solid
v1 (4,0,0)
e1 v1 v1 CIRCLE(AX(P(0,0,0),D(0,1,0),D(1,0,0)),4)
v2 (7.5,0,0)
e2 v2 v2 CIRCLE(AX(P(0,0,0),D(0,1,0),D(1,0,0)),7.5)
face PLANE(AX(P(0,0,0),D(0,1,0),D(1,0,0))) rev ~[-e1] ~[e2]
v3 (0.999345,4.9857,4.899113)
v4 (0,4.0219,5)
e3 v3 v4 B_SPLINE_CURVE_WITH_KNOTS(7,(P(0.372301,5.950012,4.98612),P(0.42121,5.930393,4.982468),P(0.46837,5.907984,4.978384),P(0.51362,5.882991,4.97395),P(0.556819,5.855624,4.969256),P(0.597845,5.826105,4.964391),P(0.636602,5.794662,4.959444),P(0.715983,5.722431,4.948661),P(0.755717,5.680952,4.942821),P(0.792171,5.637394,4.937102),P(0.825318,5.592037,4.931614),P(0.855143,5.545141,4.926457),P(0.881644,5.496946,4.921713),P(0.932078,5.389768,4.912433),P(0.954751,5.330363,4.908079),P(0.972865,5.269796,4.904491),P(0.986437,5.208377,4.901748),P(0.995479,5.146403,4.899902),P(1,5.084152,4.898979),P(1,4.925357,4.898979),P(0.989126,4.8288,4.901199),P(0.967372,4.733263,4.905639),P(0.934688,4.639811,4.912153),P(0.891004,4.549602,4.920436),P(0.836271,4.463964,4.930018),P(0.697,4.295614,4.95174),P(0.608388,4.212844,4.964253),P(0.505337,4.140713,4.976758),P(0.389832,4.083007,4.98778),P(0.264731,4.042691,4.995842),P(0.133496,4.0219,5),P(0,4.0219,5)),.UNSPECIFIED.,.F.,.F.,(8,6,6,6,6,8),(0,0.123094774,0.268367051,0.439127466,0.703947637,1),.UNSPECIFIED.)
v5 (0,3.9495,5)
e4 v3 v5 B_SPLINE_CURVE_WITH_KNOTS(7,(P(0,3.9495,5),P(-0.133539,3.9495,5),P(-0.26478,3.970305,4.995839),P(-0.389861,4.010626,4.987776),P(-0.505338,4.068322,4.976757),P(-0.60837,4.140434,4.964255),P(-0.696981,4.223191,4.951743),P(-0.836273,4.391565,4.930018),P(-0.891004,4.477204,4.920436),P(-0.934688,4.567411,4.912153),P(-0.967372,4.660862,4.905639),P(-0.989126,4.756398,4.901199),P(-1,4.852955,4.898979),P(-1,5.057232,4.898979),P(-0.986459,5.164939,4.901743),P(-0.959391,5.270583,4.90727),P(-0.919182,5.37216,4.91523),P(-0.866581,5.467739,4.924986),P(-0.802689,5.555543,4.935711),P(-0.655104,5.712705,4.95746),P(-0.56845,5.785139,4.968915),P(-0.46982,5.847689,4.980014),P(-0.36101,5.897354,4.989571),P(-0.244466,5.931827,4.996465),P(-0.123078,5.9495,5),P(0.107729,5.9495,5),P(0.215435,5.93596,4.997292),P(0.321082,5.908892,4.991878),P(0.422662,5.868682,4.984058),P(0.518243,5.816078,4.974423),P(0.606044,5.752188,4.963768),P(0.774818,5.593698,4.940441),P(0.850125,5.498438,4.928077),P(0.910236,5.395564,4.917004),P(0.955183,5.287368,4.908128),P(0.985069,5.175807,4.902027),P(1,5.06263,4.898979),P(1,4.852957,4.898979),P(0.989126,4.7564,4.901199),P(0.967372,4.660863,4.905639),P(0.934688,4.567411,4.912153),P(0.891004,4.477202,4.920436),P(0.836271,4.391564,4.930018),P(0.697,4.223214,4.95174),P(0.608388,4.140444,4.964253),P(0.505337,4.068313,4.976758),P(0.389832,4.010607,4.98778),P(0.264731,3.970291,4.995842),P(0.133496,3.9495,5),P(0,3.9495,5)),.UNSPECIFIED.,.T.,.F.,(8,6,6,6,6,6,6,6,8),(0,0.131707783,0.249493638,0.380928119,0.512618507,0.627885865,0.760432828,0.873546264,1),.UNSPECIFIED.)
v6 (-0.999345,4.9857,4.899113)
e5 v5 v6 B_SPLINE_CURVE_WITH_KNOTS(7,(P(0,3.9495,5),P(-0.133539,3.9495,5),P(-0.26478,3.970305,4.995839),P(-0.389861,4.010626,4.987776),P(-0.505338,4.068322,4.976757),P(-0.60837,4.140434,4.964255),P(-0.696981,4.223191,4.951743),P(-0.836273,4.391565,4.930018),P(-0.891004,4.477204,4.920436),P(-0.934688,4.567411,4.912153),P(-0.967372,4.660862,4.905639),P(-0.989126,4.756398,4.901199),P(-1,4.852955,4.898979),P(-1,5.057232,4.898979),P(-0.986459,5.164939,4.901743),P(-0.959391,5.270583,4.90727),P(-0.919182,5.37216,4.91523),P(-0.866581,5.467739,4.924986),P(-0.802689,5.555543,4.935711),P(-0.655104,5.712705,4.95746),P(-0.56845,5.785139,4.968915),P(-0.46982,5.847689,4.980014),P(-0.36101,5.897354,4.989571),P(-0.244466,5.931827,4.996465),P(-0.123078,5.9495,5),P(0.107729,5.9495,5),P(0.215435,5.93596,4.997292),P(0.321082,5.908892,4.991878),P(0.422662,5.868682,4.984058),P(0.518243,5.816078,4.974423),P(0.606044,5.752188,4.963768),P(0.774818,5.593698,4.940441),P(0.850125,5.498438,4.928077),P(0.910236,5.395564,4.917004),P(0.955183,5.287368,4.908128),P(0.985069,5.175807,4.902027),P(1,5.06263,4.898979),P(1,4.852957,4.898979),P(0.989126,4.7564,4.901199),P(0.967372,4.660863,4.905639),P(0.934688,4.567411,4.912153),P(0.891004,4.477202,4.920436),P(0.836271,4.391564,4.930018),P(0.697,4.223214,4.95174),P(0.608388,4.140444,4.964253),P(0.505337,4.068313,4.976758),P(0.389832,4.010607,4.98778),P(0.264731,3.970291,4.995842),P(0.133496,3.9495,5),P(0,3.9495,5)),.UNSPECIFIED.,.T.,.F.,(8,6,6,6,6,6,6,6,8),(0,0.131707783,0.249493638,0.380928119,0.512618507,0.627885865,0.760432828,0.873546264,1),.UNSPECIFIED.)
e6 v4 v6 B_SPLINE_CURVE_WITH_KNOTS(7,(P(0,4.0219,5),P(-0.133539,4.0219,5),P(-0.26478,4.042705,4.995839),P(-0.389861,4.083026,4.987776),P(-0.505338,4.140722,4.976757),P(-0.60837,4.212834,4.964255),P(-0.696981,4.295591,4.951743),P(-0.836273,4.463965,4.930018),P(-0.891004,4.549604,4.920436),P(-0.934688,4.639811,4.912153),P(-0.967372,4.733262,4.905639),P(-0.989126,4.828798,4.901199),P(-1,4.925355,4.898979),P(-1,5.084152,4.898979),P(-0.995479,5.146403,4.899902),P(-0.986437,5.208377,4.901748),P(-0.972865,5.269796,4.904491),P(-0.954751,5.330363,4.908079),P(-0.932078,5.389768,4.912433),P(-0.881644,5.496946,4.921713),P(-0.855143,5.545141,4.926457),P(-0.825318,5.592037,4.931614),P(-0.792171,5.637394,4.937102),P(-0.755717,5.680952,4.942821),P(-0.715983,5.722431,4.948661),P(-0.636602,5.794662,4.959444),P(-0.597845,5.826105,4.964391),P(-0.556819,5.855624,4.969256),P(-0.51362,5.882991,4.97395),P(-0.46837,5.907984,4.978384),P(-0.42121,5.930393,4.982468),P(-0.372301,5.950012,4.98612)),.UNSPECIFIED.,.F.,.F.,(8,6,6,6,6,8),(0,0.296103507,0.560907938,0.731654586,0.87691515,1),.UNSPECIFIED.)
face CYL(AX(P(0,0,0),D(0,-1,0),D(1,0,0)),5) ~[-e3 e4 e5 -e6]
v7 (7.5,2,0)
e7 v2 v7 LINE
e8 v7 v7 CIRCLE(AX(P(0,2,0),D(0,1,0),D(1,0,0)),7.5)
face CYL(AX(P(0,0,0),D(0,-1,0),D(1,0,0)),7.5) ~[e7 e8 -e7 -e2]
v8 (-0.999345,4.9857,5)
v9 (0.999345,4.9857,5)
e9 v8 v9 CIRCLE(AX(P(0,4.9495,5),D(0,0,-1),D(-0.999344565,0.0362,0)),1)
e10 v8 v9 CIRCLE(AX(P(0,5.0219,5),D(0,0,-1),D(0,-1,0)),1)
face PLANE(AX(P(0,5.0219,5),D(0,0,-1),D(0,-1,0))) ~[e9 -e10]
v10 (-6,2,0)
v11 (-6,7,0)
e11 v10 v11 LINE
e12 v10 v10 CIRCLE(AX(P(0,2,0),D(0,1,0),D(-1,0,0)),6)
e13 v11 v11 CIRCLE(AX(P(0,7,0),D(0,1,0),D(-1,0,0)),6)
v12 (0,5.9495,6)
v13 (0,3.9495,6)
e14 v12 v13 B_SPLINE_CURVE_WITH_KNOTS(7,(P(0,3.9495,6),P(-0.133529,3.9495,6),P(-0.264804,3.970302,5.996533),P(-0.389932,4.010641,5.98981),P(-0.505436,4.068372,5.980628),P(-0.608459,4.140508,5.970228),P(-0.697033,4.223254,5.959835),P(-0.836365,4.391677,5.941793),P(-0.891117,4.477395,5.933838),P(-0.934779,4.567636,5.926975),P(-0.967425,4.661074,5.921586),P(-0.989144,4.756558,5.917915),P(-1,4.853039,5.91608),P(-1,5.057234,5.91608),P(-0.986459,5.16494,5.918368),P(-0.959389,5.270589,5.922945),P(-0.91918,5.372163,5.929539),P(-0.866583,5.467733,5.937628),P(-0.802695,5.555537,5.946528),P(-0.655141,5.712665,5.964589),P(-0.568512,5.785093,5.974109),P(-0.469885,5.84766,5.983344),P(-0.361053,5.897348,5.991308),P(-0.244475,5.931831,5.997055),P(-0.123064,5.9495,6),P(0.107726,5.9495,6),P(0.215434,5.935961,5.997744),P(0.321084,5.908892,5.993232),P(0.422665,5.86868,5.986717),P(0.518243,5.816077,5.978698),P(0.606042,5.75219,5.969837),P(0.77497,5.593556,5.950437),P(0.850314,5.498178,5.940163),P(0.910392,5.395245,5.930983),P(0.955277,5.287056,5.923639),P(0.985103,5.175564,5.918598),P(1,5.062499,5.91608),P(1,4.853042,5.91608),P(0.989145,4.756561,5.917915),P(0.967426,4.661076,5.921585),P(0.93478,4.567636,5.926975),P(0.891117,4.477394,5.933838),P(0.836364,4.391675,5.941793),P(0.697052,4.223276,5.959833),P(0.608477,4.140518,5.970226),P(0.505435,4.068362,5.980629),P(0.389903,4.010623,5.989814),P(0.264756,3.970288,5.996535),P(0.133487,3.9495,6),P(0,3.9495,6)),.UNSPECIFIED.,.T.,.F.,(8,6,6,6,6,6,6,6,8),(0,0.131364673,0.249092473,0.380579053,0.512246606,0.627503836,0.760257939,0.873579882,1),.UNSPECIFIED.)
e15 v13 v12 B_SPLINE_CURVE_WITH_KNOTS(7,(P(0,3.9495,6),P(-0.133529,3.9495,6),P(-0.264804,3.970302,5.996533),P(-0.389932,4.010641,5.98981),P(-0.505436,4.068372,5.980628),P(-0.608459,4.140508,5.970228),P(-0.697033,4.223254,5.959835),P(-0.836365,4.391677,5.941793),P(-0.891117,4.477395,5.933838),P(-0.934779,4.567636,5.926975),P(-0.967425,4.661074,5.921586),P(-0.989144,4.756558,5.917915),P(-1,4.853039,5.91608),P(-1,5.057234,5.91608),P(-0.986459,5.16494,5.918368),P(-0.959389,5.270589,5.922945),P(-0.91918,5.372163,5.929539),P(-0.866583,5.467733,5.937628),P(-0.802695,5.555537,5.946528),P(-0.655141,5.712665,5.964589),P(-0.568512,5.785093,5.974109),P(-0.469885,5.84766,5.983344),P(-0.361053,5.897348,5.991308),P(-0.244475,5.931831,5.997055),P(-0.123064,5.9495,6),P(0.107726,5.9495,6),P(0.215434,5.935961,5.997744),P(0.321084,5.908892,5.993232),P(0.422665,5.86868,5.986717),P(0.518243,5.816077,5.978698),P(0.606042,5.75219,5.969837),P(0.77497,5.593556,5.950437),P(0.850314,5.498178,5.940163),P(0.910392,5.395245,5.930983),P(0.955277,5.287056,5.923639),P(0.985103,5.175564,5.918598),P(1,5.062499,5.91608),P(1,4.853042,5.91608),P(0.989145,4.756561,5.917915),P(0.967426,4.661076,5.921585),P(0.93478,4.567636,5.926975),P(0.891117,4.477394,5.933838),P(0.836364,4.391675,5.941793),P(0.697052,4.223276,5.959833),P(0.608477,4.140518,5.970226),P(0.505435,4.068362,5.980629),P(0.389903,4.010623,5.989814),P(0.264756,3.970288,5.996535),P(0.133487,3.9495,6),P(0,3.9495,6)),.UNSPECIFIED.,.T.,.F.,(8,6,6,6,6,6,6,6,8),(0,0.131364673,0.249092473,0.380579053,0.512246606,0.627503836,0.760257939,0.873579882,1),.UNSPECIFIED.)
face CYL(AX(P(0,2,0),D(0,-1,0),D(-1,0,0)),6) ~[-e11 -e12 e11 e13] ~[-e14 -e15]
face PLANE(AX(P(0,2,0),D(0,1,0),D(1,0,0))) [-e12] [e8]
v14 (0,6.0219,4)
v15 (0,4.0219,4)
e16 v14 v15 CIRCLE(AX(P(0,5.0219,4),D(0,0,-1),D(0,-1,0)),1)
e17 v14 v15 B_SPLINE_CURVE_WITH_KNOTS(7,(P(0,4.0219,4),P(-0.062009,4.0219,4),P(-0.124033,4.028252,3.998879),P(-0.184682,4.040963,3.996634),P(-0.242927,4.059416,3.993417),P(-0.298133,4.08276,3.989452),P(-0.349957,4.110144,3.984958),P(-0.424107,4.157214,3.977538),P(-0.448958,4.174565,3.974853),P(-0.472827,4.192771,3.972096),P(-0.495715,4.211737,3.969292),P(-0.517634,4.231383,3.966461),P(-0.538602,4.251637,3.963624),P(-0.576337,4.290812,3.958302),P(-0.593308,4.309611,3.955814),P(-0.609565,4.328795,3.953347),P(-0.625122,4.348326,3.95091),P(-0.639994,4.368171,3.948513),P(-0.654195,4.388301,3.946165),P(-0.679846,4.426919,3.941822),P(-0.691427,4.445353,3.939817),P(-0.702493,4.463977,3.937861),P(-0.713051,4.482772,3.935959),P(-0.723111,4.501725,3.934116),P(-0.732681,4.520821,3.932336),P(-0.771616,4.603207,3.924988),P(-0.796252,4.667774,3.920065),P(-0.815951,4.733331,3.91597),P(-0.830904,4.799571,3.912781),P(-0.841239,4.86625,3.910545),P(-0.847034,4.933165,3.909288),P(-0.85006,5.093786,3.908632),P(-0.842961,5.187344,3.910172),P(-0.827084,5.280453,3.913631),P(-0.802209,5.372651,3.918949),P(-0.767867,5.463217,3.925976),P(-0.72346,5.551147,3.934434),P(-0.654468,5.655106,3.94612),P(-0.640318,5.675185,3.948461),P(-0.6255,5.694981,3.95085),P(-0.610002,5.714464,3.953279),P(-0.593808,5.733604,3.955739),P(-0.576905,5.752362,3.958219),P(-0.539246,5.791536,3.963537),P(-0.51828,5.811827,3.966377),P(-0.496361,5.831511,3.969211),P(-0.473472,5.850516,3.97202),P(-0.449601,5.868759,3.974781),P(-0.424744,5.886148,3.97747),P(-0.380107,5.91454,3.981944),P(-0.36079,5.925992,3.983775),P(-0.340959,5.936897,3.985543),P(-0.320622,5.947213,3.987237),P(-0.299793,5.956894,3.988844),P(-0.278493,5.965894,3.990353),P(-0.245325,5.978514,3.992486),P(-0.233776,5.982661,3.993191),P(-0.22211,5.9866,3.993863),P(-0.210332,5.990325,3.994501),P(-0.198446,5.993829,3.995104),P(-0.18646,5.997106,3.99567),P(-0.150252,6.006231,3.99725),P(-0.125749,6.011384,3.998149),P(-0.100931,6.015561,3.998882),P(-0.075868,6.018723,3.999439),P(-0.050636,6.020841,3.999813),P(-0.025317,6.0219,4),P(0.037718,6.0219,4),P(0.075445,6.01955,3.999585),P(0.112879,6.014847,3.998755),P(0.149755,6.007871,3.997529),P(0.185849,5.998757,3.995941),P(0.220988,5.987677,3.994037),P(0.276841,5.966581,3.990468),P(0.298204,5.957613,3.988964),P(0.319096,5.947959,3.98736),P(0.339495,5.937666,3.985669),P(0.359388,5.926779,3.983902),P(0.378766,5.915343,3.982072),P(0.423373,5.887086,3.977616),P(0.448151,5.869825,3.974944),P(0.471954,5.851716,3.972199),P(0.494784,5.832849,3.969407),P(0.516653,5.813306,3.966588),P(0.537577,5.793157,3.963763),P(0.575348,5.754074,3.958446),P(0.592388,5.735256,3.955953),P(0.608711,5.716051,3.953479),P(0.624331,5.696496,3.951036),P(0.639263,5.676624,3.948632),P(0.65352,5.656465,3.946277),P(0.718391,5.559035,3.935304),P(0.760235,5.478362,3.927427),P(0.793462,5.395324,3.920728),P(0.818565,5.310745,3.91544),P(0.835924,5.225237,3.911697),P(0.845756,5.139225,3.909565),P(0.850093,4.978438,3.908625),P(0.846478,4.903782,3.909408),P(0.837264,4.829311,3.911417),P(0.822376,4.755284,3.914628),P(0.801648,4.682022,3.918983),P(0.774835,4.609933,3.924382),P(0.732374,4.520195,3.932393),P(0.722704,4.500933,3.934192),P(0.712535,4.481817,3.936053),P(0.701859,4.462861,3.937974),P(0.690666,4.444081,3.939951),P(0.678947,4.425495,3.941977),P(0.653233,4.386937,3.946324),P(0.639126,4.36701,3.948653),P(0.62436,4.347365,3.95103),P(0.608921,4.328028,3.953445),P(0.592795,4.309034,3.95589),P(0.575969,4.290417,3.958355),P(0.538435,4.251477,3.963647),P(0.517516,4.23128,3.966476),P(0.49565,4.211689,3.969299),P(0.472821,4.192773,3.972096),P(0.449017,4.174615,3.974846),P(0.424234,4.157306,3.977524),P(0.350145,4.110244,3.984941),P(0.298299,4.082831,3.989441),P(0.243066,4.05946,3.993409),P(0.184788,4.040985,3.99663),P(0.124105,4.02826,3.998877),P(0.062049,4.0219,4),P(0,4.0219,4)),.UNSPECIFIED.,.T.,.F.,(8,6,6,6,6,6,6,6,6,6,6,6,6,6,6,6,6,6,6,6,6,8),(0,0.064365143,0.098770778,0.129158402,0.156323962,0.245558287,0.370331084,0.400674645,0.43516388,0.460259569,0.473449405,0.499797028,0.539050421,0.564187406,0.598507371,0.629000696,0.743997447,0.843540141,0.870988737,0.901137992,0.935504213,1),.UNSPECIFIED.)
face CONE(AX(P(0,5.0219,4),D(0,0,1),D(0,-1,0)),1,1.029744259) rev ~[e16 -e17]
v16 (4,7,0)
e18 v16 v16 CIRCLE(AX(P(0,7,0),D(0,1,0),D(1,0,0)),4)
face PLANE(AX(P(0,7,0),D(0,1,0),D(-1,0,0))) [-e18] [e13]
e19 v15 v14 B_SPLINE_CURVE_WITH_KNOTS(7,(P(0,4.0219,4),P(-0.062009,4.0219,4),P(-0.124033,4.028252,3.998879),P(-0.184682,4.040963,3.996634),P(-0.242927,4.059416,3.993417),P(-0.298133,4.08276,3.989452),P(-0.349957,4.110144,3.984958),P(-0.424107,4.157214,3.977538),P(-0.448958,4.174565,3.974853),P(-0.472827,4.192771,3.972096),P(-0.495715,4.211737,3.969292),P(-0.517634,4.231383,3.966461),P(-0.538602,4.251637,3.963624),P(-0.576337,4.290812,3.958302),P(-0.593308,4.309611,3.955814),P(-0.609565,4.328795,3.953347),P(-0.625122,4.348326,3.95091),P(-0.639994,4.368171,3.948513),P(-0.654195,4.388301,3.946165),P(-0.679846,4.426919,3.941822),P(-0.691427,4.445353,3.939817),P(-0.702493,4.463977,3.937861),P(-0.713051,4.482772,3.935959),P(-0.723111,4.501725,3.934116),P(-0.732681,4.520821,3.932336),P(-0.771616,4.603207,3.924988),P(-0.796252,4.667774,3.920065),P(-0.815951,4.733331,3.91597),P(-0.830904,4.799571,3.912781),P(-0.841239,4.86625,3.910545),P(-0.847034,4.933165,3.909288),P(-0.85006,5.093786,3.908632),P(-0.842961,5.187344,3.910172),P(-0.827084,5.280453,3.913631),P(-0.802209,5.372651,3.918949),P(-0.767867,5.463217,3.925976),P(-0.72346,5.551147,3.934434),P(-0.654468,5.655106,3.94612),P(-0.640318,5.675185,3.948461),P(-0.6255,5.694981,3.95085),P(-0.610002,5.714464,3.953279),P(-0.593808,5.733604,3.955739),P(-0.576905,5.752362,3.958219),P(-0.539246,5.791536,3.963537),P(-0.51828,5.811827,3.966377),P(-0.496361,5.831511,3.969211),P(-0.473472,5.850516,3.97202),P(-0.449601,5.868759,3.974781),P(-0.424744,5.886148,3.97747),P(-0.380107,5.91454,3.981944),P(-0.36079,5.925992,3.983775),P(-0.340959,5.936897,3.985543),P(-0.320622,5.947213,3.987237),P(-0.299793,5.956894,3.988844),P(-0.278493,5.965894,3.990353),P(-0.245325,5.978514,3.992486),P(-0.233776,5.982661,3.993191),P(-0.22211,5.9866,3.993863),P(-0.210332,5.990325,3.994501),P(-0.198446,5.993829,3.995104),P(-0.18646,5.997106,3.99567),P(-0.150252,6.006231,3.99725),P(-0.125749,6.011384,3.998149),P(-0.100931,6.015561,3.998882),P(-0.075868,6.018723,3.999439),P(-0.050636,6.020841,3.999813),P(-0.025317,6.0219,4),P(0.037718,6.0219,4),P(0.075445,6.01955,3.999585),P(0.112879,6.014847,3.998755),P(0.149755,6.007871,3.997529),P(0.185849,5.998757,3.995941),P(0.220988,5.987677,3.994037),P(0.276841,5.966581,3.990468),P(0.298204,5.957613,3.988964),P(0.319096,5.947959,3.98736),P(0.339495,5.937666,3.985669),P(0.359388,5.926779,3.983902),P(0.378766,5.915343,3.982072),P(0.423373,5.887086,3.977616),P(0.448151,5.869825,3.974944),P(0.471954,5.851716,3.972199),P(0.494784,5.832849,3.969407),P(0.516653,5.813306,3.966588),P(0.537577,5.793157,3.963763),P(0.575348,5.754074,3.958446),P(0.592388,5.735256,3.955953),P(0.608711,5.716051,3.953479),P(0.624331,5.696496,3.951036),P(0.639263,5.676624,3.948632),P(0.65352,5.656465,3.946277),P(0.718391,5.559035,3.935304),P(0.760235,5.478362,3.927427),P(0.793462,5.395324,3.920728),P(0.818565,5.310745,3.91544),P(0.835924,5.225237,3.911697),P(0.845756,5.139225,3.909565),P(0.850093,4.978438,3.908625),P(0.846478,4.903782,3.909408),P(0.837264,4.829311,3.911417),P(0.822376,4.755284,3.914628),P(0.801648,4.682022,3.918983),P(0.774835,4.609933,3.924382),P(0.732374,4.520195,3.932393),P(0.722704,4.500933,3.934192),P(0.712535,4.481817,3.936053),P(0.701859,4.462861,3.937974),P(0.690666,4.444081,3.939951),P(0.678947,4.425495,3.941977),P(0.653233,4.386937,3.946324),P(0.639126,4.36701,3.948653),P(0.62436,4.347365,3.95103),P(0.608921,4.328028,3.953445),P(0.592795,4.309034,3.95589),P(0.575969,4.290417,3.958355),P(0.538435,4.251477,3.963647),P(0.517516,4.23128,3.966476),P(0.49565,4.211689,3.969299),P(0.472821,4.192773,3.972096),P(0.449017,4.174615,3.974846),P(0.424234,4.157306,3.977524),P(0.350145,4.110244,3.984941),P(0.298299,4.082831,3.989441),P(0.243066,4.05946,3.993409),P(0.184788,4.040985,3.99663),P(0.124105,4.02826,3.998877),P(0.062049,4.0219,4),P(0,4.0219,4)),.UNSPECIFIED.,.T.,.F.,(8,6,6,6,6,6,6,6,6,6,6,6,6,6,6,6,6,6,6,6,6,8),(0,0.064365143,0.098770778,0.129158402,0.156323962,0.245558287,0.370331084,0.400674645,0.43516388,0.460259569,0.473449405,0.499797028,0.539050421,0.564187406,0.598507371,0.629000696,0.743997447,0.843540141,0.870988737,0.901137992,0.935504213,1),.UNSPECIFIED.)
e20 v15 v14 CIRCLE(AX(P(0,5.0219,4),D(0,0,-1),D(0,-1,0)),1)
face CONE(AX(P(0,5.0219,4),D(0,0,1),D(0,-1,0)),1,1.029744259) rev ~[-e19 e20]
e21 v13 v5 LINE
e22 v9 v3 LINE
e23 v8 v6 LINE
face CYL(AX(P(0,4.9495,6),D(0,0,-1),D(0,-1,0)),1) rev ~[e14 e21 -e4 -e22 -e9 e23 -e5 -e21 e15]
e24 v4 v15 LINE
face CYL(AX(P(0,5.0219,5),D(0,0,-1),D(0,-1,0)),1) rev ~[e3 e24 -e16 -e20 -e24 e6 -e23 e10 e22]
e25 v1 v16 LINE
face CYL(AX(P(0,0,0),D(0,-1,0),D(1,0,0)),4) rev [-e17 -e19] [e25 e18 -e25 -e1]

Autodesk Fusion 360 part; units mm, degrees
sketch "Sketch1" plane through (0, 0, 0) normal (0, 1, 0) x (1, 0, 0)
  circle A0 centre (0, 0) radius 5
  circle A1 centre (0, 0) radius 7.5
  dimension "d1" = 15
extrude "Extrude1" add sketch "Sketch1" along normal blind 2
sketch "Sketch2" plane through (0, 2, 0) normal (0, 1, 0) x (-1, 0, 0)
  circle A0 centre (0, 0) radius 5
  circle A1 centre (0, 0) radius 7.5
  circle A2 centre (0, 0) radius 6
extrude "Extrude2" add sketch "Sketch2" along normal blind 5 contours A2
hole "Hole1" at (0, 4.9495, 6) direction (0, 0, -1) diameter 2 depth 6 tip angle 118
sketch "Sketch3" plane through (0, 0, 0) normal (0, 1, 0) x (1, 0, 0)
  circle A0 centre (0, 0) radius 4
  circle A1 centre (0, 0) radius 5
extrude "Extrude3" add sketch "Sketch3" along normal blind 7
hole "Hole2" at (0, 5.0219, 5) direction (0, 0, -1) diameter 2 depth 1 tip angle 118
